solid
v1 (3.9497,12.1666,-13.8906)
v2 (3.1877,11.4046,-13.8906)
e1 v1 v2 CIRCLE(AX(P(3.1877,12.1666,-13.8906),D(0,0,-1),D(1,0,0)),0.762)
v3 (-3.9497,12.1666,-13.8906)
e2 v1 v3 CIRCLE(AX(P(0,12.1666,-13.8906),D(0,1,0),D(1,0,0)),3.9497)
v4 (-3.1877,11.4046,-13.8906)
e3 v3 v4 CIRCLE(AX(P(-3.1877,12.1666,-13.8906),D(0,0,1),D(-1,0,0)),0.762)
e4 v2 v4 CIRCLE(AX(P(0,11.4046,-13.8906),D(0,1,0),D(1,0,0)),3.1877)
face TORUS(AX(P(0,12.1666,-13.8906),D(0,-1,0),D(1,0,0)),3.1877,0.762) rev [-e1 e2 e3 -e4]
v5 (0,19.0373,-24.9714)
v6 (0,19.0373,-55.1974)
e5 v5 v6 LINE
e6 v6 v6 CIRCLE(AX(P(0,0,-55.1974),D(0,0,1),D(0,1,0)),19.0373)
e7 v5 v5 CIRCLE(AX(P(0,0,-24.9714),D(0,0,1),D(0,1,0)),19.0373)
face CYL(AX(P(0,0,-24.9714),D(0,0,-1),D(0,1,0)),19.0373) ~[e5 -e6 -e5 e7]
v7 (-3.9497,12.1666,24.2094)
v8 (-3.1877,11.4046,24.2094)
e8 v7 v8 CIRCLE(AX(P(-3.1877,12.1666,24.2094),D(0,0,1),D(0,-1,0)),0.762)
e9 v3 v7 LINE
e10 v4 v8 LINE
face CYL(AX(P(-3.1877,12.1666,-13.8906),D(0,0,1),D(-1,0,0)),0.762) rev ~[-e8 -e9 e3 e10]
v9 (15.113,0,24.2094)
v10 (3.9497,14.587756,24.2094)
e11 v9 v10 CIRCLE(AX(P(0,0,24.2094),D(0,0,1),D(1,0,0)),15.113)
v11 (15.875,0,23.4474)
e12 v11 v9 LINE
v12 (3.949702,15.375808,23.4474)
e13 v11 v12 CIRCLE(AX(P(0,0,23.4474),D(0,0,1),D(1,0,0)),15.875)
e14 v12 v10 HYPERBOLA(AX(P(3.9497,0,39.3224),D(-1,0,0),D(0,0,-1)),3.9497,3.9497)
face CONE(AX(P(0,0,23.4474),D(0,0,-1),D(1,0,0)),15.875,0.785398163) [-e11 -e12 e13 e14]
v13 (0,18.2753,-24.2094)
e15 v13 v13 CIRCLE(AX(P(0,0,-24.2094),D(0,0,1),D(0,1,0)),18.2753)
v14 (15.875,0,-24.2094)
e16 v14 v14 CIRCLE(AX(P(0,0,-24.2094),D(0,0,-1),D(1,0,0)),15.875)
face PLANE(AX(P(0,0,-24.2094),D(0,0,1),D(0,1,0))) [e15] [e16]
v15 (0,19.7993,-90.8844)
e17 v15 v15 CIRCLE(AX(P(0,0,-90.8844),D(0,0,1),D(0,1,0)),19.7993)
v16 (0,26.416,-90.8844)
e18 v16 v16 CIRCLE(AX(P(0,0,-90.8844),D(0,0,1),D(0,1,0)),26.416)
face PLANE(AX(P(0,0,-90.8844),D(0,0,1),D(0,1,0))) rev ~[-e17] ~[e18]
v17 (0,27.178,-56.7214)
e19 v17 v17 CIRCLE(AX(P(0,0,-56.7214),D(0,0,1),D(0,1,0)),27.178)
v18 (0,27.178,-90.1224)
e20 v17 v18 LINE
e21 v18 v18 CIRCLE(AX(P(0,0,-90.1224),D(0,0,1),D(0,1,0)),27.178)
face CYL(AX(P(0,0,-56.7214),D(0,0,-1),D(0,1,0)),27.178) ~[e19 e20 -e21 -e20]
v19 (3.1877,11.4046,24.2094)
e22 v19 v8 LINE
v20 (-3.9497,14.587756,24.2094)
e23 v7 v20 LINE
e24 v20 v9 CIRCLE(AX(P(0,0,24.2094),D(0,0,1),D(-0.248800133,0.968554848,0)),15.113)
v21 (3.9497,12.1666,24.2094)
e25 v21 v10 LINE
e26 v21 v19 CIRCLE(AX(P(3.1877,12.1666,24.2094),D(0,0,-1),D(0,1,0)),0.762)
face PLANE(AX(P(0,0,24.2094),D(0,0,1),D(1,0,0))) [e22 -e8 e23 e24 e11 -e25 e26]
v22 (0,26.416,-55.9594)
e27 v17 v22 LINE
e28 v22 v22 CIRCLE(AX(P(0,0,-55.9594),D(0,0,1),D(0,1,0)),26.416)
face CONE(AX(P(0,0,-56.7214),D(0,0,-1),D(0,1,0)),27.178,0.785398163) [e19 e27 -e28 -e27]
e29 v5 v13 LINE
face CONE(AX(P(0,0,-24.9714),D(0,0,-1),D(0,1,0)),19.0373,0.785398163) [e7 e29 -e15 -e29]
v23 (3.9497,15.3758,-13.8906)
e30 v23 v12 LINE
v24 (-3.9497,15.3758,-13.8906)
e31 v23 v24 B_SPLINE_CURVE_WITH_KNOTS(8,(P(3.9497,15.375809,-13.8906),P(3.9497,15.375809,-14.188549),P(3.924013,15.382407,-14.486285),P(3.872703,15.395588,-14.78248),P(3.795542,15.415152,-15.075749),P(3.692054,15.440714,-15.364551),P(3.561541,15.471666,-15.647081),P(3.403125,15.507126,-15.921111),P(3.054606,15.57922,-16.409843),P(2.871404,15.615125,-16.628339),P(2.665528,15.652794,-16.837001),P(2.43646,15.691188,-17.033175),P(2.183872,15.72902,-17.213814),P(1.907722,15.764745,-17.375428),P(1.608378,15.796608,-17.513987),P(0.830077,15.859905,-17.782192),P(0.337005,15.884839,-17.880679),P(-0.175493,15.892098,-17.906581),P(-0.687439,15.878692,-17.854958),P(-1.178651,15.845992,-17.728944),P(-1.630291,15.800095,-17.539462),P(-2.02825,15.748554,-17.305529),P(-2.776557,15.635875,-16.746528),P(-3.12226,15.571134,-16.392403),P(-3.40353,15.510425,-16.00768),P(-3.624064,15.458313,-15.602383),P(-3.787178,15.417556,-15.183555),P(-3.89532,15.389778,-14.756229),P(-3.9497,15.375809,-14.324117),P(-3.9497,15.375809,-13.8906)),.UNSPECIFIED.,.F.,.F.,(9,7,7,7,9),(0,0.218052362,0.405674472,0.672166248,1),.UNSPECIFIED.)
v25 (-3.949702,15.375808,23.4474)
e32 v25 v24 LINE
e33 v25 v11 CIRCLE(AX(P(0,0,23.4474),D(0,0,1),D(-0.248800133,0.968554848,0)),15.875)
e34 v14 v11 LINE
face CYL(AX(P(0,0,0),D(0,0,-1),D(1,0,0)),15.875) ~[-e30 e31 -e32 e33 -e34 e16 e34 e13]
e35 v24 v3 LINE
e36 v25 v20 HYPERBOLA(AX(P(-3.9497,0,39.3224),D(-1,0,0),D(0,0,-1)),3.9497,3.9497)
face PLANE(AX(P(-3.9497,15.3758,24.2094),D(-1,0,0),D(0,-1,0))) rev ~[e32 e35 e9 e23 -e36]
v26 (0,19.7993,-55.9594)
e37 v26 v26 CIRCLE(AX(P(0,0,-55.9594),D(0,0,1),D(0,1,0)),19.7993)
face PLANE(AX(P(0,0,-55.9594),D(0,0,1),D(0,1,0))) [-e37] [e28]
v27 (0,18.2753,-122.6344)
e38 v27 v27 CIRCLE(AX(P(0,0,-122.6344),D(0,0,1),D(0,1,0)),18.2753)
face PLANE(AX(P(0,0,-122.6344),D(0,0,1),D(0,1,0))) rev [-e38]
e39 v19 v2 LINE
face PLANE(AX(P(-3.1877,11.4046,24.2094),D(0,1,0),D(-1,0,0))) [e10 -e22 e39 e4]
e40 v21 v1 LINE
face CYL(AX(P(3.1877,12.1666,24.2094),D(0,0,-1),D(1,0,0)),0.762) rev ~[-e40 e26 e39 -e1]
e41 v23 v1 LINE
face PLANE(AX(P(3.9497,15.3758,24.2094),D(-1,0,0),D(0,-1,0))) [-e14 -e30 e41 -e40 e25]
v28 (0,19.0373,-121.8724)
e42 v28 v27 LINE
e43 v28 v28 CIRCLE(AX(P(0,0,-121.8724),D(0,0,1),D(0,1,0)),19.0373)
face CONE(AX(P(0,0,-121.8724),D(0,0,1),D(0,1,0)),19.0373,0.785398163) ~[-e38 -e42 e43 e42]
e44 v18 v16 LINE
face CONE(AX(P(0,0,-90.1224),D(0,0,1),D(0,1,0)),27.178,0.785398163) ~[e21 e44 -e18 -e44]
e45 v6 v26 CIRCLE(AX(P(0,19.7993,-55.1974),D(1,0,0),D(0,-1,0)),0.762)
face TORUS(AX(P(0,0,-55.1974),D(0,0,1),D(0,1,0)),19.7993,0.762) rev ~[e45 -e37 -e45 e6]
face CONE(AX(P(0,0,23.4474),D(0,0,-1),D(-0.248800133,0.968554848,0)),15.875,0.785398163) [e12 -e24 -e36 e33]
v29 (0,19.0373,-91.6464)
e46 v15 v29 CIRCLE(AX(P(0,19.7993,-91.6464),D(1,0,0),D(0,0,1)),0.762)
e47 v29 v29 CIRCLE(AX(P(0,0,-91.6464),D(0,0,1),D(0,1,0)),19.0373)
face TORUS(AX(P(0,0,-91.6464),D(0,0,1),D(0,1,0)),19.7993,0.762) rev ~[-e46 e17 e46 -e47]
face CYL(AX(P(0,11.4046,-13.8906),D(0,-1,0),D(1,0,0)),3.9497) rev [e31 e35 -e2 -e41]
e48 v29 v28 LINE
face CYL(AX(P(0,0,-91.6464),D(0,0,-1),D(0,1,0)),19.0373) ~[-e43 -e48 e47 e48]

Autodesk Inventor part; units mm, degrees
sketch "Sketch1" plane through (0, 0, 0) normal (0, 0, 1) x (1, 0, 0)
  line L0 (0, -22.225) -> (0, 22.225) construction
  line L1 (-22.225, 0) -> (22.225, 0) construction
  circle A0 centre (0, 0) radius 15.875
  dimension "d0" = 31.75
extrude "Extrusion1" add sketch "Sketch1" along normal mid plane 48.4188
sketch "Sketch2" plane through (0, 0, 24.2094) normal (0, 0, 1) x (1, 0, 0)
  line L0 (0, -22.2499) -> (0, 22.3742) construction
  line L1 (-22.225, 0) -> (22.225, 0) construction
  line L2 (3.9497, 15.3758) -> (3.9497, 12.1666)
  line L3 (0, 11.4046) -> (3.1877, 11.4046)
  arc A0 (3.1877, 11.4046) -> (3.9497, 12.1666) centre (3.1877, 12.1666) ccw construction
  arc A1 (3.9497, 15.3758) -> (0, 15.875) centre (0, 0) ccw
  line L4 (-3.9497, 15.3758) -> (-3.9497, 12.1666)
  line L5 (0, 11.4046) -> (-3.1877, 11.4046)
  arc A2 (-3.9497, 12.1666) -> (-3.1877, 11.4046) centre (-3.1877, 12.1666) ccw construction
  arc A3 (0, 15.875) -> (-3.9497, 15.3758) centre (0, 0) ccw
  line L6 (-3.9497, 12.1666) -> (-3.9497, 11.4046)
  line L7 (-3.1877, 11.4046) -> (-3.9497, 11.4046)
  line L8 (3.9497, 12.1666) -> (3.9497, 11.4046)
  line L9 (3.1877, 11.4046) -> (3.9497, 11.4046)
  point P0 (0, -15.875)
  dimension "d4" = 3.9497
  dimension "d5" = 27.2796
  dimension "d6" = 1.524
  dimension "d7" = 15.875
  dimension "d8" = 15.875
extrude "Extrusion2" cut sketch "Sketch2" against normal blind 38.1
sketch "Sketch5" plane through (-3.9497, 11.4046, 24.2094) normal (0, 1, 0) x (1, 0, 0)
  line L0 (7.8994, 38.1) -> (0, 38.1) projected
  line L1 (0, 0) -> (0, 38.1) construction
  line L2 (7.8994, 38.1) -> (7.8994, 0) construction
  arc A0 (7.8994, 38.1) -> (0, 38.1) centre (3.9497, 38.1) ccw
extrude "Extrusion4" cut sketch "Sketch5" along normal up to surface
fillet "Fillet1" radius 0.762 3 edges at (0, 11.4046, -17.8403) (3.9497, 11.4046, 5.1594) (-3.9497, 11.4046, 5.1594)
sketch "Sketch3" plane through (0, 0, -24.2094) normal (0, 0, -1) x (-1, 0, 0)
  circle A0 centre (0, 0) radius 15.875 projected
extrude "Extrusion3" add sketch "Sketch3" along normal blind 98.425
sketch "Sketch4" plane through (0, 0, 0) normal (1, 0, 0) x (0, 1, 0)
  line L0 (27.178, -56.7214) -> (27.178, -90.1224)
  line L1 (0, -147.2946) -> (0, 24.5491) construction
  line L2 (-24.4856, 0) -> (35.7886, 0) construction
  line L3 (15.875, -122.6344) -> (15.875, -17.8403) construction
  line L4 (15.875, -122.6344) -> (-15.875, -122.6344) construction
  line L5 (18.2753, -24.2094) -> (15.875, -24.2094)
  line L6 (26.416, -55.9594) -> (19.7993, -55.9594)
  line L7 (26.416, -90.8844) -> (19.7993, -90.8844)
  line L8 (15.875, -122.6344) -> (18.2753, -122.6344)
  line L9 (19.0373, -24.9714) -> (19.0373, -55.1974)
  line L10 (19.0373, -91.6464) -> (19.0373, -121.8724)
  line L11 (15.875, -24.2094) -> (15.875, -122.6344)
  arc A0 (19.0373, -55.1974) -> (19.7993, -55.9594) centre (19.7993, -55.1974) ccw
  arc A1 (19.7993, -90.8844) -> (19.0373, -91.6464) centre (19.7993, -91.6464) ccw
  line L12 (27.178, -56.7214) -> (26.416, -55.9594)
  line L13 (27.178, -90.1224) -> (26.416, -90.8844)
  line L14 (19.0373, -24.9714) -> (18.2753, -24.2094)
  line L15 (19.0373, -121.8724) -> (18.2753, -122.6344)
  point P0 (0, 0)
  point P1 (27.178, -55.9594)
  point P2 (27.178, -90.8844)
  point P3 (19.0373, -24.2094)
  point P4 (19.0373, -122.6344)
  dimension "d19" = 27.178
  dimension "d20" = 98.425
  dimension "d22" = 34.925
  dimension "d23" = 31.75
  dimension "d24" = 19.0373
  dimension "d25" = 0.762
  dimension "d26" = 0.762
  dimension "d27" = 0.762
  dimension "d28" = 0.762
  dimension "d29" = 0.762
  dimension "d30" = 0.762
  dimension "d31" = 0.762
  dimension "d32" = 0.762
  dimension "d33" = 0.762
  dimension "d34" = 0.762
revolve "Revolution1" add sketch "Sketch4" angle 360 about axis through (0, 0, -10) along (0, 0, 1)
chamfer "Chamfer1" distance 0.762 angle 45 2 edges at (-9.7292, -12.5443, 24.2094) (12.5443, 9.7292, 24.2094)
ref_plane "WP_H" through (0, 0, 0) normal (0, -1, 0) x (1, 0, 0)
ref_plane "WP_End" through (0, 0, -73.4219) normal (0, 0, -1) x (-1, 0, 0)
equation "\"d0\" = K_"
equation "\"d1\" = L_"
equation "\"d4\" = 0.5 * M_"
equation "\"d5\" = N_"
equation "\"d7\" = 0.5 * K_"
equation "\"d8\" = 0.5 * K_"
equation "\"d9\" = O_"
equation "\"d28\" = d27"
equation "\"d29\" = d27"
equation "\"d30\" = d29"
equation "\"d32\" = d31"
equation "\"d33\" = d31"
equation "\"d34\" = d33"
equation "\"K_\" = 31.75"
equation "\"L_\" = 48.41875"
equation "\"N_\" = 27.2796"
equation "\"O_\" = 38.1"
equation "\"M_\" = 7.8994"
equation "\"d3\" = K_"
properties part number "ShaftConfig_B_3.7_7.5.FDA658ECE0FAA460A03A372F46ED1B09"
